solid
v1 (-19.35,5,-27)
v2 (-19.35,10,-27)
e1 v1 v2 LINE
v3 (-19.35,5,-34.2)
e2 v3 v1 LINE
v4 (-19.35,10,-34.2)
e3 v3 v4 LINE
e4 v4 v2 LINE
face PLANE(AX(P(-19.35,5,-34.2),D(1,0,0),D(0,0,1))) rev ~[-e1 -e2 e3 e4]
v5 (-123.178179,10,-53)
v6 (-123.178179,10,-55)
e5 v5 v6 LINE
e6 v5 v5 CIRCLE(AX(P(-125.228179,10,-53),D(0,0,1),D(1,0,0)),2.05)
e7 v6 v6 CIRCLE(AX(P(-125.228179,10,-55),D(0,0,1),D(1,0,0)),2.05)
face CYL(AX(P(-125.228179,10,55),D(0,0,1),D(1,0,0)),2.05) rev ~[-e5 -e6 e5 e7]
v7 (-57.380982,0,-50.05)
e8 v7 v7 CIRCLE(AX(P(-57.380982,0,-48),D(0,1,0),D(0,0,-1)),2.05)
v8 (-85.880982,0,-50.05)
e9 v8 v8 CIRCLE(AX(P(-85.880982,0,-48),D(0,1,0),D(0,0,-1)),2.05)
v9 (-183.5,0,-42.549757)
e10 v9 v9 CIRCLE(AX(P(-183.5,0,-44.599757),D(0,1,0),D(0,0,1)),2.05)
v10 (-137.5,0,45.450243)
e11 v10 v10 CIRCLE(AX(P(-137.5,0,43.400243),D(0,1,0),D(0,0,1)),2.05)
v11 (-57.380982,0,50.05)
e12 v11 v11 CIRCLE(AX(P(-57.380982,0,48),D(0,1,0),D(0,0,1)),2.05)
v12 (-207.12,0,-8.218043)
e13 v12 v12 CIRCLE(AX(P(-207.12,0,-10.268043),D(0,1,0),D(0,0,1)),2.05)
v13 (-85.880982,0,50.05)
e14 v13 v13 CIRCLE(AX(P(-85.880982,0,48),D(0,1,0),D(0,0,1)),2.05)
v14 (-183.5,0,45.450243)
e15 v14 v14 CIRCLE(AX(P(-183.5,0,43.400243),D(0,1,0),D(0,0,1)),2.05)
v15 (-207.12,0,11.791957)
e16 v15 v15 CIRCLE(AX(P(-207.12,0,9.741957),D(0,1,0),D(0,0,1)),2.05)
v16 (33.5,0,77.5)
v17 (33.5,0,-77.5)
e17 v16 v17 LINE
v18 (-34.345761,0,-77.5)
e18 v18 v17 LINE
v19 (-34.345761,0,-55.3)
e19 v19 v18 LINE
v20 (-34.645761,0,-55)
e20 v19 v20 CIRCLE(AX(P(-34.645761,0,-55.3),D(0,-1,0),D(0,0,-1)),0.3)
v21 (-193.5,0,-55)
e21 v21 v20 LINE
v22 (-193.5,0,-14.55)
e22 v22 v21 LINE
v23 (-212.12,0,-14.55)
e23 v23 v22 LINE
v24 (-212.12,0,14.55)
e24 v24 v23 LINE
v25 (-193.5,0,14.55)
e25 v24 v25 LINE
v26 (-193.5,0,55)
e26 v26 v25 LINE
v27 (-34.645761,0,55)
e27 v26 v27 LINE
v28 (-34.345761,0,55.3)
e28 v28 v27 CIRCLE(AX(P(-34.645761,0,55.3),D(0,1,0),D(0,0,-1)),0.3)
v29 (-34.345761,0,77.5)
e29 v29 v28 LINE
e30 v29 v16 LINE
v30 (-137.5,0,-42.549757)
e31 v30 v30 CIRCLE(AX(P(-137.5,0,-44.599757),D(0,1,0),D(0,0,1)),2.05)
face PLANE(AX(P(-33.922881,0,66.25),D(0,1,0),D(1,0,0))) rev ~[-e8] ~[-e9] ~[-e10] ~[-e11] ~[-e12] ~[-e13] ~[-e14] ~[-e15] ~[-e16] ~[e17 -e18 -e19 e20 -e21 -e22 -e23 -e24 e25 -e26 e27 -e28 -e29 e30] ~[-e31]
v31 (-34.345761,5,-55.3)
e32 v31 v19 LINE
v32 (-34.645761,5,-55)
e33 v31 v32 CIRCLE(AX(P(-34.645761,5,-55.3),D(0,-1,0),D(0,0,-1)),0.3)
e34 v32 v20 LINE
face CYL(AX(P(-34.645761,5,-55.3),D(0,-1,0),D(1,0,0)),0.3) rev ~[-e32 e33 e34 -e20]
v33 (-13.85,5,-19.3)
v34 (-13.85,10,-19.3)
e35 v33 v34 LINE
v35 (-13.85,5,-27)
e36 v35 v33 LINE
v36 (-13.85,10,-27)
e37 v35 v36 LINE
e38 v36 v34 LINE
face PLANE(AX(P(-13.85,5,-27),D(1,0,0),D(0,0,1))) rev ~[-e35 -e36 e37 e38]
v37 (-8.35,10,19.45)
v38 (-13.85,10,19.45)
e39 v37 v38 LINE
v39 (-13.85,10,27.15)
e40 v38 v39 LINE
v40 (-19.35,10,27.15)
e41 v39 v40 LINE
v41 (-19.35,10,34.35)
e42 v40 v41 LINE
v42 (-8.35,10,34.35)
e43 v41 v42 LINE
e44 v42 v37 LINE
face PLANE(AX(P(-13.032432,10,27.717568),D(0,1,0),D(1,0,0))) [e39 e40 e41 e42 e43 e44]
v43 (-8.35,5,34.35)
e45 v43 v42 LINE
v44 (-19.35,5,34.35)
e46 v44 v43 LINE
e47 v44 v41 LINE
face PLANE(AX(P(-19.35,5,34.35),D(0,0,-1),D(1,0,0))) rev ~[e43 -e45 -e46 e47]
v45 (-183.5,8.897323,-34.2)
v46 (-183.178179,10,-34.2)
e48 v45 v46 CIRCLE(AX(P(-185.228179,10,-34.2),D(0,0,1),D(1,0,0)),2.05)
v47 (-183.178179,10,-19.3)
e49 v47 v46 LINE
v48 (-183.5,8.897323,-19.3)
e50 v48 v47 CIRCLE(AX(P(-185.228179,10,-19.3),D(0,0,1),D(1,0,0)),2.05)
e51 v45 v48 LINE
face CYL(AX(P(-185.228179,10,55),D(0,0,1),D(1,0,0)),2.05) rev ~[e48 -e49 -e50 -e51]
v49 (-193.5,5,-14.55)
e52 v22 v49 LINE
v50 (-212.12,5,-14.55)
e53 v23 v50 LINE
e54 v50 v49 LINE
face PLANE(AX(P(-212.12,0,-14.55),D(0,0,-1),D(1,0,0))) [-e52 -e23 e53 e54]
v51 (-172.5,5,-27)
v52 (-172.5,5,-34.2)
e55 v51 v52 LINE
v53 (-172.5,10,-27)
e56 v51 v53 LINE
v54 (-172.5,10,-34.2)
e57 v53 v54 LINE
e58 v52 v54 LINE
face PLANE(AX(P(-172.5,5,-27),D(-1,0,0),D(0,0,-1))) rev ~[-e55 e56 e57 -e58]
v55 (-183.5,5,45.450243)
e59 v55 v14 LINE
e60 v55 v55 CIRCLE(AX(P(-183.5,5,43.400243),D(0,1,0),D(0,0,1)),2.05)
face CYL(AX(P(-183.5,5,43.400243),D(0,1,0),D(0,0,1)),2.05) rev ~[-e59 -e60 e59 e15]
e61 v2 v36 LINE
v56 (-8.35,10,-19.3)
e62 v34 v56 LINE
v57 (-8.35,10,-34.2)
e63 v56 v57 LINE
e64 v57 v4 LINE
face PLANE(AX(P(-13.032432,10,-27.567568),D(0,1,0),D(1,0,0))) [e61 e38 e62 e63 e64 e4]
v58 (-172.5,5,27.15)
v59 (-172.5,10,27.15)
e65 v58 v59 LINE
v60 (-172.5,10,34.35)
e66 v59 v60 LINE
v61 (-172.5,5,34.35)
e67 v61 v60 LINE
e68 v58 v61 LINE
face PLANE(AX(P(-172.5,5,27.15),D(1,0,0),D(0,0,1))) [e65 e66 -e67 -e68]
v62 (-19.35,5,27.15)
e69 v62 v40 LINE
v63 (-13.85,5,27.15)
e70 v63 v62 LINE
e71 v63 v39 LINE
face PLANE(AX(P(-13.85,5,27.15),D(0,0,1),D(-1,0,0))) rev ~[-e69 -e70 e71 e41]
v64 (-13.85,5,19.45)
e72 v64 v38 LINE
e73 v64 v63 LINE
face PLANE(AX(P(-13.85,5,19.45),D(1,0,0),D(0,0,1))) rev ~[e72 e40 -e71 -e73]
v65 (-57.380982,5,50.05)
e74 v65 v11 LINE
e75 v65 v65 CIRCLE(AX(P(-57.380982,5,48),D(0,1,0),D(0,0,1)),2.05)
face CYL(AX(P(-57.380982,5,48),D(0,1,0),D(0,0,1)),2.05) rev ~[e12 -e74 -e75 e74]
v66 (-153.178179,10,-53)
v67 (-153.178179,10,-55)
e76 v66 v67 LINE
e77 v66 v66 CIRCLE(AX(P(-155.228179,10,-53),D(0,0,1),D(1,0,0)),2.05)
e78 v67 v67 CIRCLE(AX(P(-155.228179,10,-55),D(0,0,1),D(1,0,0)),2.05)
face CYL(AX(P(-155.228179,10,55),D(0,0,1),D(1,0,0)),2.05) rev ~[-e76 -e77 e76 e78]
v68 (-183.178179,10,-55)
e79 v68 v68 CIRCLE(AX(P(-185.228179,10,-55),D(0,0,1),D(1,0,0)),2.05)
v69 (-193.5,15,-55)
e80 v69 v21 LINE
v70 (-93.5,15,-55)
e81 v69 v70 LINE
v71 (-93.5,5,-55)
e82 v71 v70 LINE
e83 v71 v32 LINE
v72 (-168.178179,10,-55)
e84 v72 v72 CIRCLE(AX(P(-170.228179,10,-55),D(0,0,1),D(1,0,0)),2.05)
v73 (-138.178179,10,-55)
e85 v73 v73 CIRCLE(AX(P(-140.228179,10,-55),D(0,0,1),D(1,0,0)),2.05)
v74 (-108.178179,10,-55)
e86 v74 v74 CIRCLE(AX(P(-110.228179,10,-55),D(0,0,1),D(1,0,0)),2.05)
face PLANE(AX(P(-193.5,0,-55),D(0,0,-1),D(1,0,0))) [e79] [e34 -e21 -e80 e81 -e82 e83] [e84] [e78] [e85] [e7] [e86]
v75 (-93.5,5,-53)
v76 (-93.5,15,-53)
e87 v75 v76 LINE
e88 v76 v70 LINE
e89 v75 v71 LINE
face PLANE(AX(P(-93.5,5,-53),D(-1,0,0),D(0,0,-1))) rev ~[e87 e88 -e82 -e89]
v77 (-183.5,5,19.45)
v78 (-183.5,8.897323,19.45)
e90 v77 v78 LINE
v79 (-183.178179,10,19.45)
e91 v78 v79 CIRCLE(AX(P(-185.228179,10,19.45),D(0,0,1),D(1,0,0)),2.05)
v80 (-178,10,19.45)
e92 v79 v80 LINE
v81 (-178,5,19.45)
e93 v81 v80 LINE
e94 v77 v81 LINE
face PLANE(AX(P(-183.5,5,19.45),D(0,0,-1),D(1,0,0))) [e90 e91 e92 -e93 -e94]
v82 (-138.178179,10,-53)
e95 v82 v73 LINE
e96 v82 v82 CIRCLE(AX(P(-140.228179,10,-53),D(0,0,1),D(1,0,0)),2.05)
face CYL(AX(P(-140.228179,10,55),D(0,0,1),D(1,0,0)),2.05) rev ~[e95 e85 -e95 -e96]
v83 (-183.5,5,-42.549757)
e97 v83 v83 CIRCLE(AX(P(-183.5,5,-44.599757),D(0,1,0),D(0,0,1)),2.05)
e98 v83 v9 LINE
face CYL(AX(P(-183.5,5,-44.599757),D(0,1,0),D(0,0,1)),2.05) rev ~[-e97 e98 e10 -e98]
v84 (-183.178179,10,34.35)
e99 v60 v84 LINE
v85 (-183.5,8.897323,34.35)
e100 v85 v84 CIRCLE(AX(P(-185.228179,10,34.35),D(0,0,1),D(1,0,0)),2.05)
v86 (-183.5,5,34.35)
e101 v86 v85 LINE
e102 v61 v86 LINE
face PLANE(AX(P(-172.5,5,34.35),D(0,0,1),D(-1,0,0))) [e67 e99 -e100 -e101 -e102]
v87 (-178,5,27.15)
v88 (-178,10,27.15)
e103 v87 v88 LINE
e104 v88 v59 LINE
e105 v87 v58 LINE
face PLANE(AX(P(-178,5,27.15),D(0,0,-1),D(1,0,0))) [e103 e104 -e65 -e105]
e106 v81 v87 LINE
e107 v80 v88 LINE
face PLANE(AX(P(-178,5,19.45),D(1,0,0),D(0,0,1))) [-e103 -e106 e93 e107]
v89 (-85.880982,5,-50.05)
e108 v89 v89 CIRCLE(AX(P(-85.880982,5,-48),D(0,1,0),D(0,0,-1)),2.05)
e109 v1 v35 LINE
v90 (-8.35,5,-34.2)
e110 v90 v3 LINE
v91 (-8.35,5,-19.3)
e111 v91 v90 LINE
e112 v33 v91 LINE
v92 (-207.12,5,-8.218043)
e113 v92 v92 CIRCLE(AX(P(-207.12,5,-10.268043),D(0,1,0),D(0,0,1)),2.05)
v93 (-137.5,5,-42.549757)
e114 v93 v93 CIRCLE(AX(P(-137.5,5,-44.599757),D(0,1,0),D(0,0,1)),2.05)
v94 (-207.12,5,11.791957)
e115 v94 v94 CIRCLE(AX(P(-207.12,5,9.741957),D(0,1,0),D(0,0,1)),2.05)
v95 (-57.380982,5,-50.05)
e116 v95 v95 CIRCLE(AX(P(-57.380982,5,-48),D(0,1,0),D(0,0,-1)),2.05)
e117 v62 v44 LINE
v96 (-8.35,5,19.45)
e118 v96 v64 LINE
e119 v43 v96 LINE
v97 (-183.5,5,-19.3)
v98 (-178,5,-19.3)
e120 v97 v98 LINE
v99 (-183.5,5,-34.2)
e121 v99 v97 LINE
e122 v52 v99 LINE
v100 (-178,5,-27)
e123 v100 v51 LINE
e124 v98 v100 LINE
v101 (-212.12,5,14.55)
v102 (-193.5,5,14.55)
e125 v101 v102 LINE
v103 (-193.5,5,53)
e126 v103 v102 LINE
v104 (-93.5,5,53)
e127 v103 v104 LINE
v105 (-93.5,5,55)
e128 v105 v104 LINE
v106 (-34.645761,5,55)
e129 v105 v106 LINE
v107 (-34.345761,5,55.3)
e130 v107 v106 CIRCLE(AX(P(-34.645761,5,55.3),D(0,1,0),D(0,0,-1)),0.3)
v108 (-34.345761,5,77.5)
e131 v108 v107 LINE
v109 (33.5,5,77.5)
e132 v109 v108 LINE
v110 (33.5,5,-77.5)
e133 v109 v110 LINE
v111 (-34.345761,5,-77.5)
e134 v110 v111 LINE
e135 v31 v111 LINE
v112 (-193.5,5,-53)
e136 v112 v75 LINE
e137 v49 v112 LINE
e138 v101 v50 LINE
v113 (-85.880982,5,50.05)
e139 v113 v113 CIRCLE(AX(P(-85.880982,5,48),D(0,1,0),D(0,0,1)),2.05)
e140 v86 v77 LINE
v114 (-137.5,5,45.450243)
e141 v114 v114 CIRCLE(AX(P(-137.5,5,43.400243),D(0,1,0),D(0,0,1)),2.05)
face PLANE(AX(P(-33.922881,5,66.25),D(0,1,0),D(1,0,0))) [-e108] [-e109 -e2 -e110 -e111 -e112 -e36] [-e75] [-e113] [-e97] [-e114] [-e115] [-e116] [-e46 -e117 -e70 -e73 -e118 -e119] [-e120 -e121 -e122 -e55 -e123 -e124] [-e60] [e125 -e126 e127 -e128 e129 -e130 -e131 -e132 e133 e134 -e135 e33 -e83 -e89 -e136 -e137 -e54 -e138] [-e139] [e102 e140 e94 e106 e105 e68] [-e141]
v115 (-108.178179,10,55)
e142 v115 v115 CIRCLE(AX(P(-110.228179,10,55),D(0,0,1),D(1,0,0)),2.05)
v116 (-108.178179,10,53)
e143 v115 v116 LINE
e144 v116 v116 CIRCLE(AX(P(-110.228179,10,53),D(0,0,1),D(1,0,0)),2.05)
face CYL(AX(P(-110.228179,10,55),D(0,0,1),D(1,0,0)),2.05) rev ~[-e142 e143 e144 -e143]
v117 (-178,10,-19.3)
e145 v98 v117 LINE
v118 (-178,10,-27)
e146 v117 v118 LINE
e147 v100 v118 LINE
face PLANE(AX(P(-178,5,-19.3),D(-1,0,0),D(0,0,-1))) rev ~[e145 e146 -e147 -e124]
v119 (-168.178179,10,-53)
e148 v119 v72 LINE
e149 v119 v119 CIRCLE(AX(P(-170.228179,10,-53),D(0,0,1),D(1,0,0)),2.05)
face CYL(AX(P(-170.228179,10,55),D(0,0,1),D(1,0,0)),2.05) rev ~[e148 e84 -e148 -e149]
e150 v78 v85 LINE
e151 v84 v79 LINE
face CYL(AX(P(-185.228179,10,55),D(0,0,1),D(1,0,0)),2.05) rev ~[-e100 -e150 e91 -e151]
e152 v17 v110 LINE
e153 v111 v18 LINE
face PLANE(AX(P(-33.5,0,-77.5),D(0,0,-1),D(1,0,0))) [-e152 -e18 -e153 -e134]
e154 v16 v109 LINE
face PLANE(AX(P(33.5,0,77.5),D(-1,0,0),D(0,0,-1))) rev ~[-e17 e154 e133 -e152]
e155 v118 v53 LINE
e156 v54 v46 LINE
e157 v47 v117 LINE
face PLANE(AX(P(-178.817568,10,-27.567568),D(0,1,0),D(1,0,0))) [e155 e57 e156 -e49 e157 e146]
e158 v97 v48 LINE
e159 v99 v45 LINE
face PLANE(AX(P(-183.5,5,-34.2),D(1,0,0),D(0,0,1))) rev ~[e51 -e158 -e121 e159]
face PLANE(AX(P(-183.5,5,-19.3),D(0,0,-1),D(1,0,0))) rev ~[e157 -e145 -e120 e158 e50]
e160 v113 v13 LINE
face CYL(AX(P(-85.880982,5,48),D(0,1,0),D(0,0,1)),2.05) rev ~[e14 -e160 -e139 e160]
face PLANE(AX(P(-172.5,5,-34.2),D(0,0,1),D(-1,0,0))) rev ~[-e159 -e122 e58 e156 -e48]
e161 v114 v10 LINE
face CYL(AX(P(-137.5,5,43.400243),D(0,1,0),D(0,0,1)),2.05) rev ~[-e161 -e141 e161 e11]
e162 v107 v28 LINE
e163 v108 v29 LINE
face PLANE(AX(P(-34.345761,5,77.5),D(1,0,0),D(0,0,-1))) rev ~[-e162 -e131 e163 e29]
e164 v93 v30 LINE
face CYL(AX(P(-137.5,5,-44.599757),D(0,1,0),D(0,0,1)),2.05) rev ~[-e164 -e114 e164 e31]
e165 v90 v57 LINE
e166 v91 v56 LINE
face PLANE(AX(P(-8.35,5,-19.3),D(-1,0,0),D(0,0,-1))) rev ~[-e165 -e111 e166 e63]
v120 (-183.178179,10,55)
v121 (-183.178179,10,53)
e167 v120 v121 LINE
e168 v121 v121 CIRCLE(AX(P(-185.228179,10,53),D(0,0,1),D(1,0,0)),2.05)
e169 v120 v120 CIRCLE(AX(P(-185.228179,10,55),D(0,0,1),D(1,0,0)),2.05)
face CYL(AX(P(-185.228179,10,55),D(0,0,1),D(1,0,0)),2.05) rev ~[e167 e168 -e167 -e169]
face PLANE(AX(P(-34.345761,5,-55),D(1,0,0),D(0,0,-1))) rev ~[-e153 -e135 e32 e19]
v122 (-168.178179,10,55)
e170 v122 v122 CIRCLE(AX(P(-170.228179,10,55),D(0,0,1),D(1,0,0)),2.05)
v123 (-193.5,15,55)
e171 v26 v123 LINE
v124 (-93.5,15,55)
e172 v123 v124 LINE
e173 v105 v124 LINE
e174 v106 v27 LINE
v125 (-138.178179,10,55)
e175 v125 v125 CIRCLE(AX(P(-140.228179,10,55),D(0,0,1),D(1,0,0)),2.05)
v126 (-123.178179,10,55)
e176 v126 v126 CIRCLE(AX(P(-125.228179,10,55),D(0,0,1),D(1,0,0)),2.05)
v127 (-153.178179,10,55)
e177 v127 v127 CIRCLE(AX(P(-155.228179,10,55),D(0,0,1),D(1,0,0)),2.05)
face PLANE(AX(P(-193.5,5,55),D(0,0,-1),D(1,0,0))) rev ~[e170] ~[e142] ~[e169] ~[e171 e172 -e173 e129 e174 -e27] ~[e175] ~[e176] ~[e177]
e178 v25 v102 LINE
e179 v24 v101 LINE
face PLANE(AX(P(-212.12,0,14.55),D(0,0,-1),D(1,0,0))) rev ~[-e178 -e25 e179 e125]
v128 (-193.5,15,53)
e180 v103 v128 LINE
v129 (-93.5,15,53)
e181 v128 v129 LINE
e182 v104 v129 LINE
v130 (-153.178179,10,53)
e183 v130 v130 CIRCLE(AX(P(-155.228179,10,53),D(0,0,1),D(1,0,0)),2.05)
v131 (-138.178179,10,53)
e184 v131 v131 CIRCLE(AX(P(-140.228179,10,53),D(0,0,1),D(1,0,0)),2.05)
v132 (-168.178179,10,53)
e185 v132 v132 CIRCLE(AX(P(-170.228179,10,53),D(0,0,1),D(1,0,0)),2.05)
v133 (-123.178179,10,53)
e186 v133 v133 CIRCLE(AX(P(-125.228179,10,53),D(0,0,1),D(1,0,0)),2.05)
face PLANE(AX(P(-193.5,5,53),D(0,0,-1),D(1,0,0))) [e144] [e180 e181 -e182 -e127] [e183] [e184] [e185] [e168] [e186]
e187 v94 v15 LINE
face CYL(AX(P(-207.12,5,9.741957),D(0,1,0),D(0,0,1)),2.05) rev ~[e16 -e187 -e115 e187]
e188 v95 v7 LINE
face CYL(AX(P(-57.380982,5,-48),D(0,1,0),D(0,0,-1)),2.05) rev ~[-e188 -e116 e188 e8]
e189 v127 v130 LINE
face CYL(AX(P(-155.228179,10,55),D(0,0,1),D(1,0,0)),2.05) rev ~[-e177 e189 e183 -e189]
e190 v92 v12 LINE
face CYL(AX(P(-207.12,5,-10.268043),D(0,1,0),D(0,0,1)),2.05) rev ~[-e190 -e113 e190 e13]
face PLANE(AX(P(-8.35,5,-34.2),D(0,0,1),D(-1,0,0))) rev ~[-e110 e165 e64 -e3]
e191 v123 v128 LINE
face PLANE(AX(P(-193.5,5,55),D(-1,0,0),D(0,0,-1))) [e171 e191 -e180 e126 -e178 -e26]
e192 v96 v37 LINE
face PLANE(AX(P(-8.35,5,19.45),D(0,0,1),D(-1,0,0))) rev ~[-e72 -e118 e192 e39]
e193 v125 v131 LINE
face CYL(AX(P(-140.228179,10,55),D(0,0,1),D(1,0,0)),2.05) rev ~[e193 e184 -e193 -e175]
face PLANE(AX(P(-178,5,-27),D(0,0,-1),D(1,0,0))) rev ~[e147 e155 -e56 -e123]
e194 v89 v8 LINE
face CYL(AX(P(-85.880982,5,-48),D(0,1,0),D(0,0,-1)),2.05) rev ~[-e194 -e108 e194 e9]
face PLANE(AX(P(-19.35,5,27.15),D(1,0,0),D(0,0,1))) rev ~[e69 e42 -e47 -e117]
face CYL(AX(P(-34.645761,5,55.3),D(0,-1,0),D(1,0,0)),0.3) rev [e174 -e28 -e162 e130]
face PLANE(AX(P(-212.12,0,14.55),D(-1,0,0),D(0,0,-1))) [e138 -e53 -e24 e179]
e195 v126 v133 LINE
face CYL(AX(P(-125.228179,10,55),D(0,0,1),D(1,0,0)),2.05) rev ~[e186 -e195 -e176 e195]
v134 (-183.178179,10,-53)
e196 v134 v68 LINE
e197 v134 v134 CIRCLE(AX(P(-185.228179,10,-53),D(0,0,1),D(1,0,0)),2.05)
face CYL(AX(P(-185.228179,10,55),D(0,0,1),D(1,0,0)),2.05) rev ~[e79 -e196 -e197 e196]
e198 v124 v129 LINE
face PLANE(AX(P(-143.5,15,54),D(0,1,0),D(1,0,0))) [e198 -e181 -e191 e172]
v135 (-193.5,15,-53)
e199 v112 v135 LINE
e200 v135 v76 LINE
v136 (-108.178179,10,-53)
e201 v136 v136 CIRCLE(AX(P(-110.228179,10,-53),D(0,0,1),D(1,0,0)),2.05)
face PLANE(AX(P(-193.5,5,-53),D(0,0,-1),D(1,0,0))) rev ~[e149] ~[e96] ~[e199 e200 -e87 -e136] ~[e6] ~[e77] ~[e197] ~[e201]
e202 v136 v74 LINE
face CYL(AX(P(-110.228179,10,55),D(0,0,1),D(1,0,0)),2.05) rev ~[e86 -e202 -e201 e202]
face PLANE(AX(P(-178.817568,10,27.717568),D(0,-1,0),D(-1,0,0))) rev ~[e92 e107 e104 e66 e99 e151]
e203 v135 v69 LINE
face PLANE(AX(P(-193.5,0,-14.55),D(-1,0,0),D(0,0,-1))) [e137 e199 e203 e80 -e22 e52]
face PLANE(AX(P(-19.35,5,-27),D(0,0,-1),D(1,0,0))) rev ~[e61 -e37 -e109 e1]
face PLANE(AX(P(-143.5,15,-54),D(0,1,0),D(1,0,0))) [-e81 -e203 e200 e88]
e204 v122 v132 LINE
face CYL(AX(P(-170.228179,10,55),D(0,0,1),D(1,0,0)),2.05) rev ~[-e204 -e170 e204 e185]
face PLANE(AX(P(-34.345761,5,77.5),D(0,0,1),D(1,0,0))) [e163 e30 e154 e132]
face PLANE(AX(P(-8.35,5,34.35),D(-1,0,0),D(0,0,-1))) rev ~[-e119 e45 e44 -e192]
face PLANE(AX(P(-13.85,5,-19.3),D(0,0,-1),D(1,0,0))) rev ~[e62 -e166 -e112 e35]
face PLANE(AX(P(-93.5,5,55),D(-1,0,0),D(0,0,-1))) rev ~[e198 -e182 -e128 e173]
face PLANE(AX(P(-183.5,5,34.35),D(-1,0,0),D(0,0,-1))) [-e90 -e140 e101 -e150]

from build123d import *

# Parameters (mm, degrees)
SKETCH1_W           = 67
SKETCH1_H           = 155
SKETCH1_W_2         = 160
SKETCH1_H_2         = 110
SKETCH1_W_3         = 18.62
SKETCH1_H_3         = 29.1
BOSS_EXTRUDE1_DEPTH = 5
SKETCH4_W           = 100
SKETCH4_H           = 2
BOSS_EXTRUDE2_DEPTH = 10
SKETCH9_W           = 0.845761127
SKETCH9_H           = 22.5
BOSS_EXTRUDE4_DEPTH = 5
BOSS_EXTRUDE3_DEPTH = 5
SKETCH7_R           = 2.05
CUT_EXTRUDE2_DEPTH  = 10
SKETCH6_R           = 2.05
CUT_EXTRUDE1_DEPTH  = 227.055622359
SKETCH10_R          = 2.05
CUT_EXTRUDE4_DEPTH  = 10
FILLET1_R           = 0.3
SKETCH16_R          = 2.05
CUT_EXTRUDE5_DEPTH  = 251.551680098


with BuildPart() as part:
    # Sketch1 → Boss-Extrude1 (new body)
    with BuildSketch(Plane(origin=(0, 0, 0), x_dir=(1, 0, 0), z_dir=(0, 1, 0))):
        Rectangle(SKETCH1_W, SKETCH1_H)
        with Locations((-113.5, 0)):
            Rectangle(SKETCH1_W_2, SKETCH1_H_2)
        with Locations((-202.81, 0)):
            Rectangle(SKETCH1_W_3, SKETCH1_H_3)
    extrude(amount=BOSS_EXTRUDE1_DEPTH)

    # Sketch4 → Boss-Extrude2 (add)
    with BuildSketch(Plane(origin=(0, 5, 0), x_dir=(1, 0, 0), z_dir=(0, 1, 0))):
        with Locations((-143.5, -54)):
            Rectangle(SKETCH4_W, SKETCH4_H)
        with Locations((-143.5, 54)):
            Rectangle(SKETCH4_W, SKETCH4_H)
    extrude(amount=BOSS_EXTRUDE2_DEPTH)

    # Sketch9 → Boss-Extrude4 (add)
    with BuildSketch(Plane(origin=(0, 5, 0), x_dir=(1, 0, 0), z_dir=(0, 1, 0))):
        with Locations((-33.922880564, -66.25)):
            Rectangle(SKETCH9_W, SKETCH9_H)
        with Locations((-33.922880564, 66.25)):
            Rectangle(SKETCH9_W, SKETCH9_H)
    extrude(amount=-BOSS_EXTRUDE4_DEPTH)

    # Sketch5 → Boss-Extrude3 (add)
    with BuildSketch(Plane(origin=(0, 5, 0), x_dir=(1, 0, 0), z_dir=(0, 1, 0))):
        Polygon((-178, 27), (-172.5, 27), (-172.5, 34.2), (-183.5, 34.2), (-183.5, 19.3), (-178, 19.3), align=None)
        Polygon((-178, -27.15), (-172.5, -27.15), (-172.5, -34.35), (-183.5, -34.35), (-183.5, -19.45), (-178, -19.45), align=None)
        Polygon((-13.85, 27), (-13.85, 19.3), (-8.35, 19.3), (-8.35, 34.2), (-19.35, 34.2), (-19.35, 27), align=None)
        Polygon((-19.35, -27.15), (-19.35, -34.35), (-8.35, -34.35), (-8.35, -19.45), (-13.85, -19.45), (-13.85, -27.15), align=None)
    extrude(amount=BOSS_EXTRUDE3_DEPTH)

    # Sketch7 → Cut-Extrude2 (cut)
    with BuildSketch(Plane(origin=(0, 5, 0), x_dir=(1, 0, 0), z_dir=(0, 1, 0))):
        with Locations(Location((-207.12, 10.268043156, 0), (0, 0, 270))):
            Circle(SKETCH7_R)
        with Locations(Location((-207.12, -9.741956844, 0), (0, 0, 270))):
            Circle(SKETCH7_R)
    extrude(amount=-CUT_EXTRUDE2_DEPTH, mode=Mode.SUBTRACT)

    # Sketch6 → Cut-Extrude1 (cut, through all)
    with BuildSketch(Plane(origin=(0, 5, 0), x_dir=(1, 0, 0), z_dir=(0, 1, 0))):
        with Locations(Location((-85.880982052, -48, 0), (0, 0, 270))):
            Circle(SKETCH6_R)
        with Locations(Location((-57.380982052, -48, 0), (0, 0, 270))):
            Circle(SKETCH6_R)
        with Locations(Location((-57.380982052, 48, 0), (0, 0, 90))):
            Circle(SKETCH6_R)
        with Locations(Location((-85.880982052, 48, 0), (0, 0, 90))):
            Circle(SKETCH6_R)
    extrude(amount=-CUT_EXTRUDE1_DEPTH, mode=Mode.SUBTRACT)

    # Sketch10 → Cut-Extrude4 (cut)
    with BuildSketch(Plane(origin=(0, 5, 0), x_dir=(1, 0, 0), z_dir=(0, 1, 0))):
        with Locations(Location((-183.5, 44.599757133, 0), (0, 0, 270))):
            Circle(SKETCH10_R)
        with Locations(Location((-137.5, 44.599757133, 0), (0, 0, 270))):
            Circle(SKETCH10_R)
        with Locations(Location((-183.5, -43.400242867, 0), (0, 0, 270))):
            Circle(SKETCH10_R)
        with Locations(Location((-137.5, -43.400242867, 0), (0, 0, 270))):
            Circle(SKETCH10_R)
    extrude(amount=-CUT_EXTRUDE4_DEPTH, mode=Mode.SUBTRACT)

    # Fillet1
    fillet1_edges = [part.edges().sort_by_distance(p)[0] for p in [
        (-34.345761127, 2.5, 55),
        (-34.345761127, 2.5, -55),
    ]]
    fillet(fillet1_edges, radius=FILLET1_R)

    # Sketch16 → Cut-Extrude5 (cut, through all)
    with BuildSketch(Plane.XY.offset(55)):
        with Locations((-140.228178999, 10)):
            Circle(SKETCH16_R)
        with Locations((-125.228178999, 10)):
            Circle(SKETCH16_R)
        with Locations((-110.228178999, 10)):
            Circle(SKETCH16_R)
        with Locations((-155.228178999, 10)):
            Circle(SKETCH16_R)
        with Locations((-170.228178999, 10)):
            Circle(SKETCH16_R)
        with Locations((-185.228178999, 10)):
            Circle(SKETCH16_R)
    extrude(amount=-CUT_EXTRUDE5_DEPTH, mode=Mode.SUBTRACT)


solid = part.part
